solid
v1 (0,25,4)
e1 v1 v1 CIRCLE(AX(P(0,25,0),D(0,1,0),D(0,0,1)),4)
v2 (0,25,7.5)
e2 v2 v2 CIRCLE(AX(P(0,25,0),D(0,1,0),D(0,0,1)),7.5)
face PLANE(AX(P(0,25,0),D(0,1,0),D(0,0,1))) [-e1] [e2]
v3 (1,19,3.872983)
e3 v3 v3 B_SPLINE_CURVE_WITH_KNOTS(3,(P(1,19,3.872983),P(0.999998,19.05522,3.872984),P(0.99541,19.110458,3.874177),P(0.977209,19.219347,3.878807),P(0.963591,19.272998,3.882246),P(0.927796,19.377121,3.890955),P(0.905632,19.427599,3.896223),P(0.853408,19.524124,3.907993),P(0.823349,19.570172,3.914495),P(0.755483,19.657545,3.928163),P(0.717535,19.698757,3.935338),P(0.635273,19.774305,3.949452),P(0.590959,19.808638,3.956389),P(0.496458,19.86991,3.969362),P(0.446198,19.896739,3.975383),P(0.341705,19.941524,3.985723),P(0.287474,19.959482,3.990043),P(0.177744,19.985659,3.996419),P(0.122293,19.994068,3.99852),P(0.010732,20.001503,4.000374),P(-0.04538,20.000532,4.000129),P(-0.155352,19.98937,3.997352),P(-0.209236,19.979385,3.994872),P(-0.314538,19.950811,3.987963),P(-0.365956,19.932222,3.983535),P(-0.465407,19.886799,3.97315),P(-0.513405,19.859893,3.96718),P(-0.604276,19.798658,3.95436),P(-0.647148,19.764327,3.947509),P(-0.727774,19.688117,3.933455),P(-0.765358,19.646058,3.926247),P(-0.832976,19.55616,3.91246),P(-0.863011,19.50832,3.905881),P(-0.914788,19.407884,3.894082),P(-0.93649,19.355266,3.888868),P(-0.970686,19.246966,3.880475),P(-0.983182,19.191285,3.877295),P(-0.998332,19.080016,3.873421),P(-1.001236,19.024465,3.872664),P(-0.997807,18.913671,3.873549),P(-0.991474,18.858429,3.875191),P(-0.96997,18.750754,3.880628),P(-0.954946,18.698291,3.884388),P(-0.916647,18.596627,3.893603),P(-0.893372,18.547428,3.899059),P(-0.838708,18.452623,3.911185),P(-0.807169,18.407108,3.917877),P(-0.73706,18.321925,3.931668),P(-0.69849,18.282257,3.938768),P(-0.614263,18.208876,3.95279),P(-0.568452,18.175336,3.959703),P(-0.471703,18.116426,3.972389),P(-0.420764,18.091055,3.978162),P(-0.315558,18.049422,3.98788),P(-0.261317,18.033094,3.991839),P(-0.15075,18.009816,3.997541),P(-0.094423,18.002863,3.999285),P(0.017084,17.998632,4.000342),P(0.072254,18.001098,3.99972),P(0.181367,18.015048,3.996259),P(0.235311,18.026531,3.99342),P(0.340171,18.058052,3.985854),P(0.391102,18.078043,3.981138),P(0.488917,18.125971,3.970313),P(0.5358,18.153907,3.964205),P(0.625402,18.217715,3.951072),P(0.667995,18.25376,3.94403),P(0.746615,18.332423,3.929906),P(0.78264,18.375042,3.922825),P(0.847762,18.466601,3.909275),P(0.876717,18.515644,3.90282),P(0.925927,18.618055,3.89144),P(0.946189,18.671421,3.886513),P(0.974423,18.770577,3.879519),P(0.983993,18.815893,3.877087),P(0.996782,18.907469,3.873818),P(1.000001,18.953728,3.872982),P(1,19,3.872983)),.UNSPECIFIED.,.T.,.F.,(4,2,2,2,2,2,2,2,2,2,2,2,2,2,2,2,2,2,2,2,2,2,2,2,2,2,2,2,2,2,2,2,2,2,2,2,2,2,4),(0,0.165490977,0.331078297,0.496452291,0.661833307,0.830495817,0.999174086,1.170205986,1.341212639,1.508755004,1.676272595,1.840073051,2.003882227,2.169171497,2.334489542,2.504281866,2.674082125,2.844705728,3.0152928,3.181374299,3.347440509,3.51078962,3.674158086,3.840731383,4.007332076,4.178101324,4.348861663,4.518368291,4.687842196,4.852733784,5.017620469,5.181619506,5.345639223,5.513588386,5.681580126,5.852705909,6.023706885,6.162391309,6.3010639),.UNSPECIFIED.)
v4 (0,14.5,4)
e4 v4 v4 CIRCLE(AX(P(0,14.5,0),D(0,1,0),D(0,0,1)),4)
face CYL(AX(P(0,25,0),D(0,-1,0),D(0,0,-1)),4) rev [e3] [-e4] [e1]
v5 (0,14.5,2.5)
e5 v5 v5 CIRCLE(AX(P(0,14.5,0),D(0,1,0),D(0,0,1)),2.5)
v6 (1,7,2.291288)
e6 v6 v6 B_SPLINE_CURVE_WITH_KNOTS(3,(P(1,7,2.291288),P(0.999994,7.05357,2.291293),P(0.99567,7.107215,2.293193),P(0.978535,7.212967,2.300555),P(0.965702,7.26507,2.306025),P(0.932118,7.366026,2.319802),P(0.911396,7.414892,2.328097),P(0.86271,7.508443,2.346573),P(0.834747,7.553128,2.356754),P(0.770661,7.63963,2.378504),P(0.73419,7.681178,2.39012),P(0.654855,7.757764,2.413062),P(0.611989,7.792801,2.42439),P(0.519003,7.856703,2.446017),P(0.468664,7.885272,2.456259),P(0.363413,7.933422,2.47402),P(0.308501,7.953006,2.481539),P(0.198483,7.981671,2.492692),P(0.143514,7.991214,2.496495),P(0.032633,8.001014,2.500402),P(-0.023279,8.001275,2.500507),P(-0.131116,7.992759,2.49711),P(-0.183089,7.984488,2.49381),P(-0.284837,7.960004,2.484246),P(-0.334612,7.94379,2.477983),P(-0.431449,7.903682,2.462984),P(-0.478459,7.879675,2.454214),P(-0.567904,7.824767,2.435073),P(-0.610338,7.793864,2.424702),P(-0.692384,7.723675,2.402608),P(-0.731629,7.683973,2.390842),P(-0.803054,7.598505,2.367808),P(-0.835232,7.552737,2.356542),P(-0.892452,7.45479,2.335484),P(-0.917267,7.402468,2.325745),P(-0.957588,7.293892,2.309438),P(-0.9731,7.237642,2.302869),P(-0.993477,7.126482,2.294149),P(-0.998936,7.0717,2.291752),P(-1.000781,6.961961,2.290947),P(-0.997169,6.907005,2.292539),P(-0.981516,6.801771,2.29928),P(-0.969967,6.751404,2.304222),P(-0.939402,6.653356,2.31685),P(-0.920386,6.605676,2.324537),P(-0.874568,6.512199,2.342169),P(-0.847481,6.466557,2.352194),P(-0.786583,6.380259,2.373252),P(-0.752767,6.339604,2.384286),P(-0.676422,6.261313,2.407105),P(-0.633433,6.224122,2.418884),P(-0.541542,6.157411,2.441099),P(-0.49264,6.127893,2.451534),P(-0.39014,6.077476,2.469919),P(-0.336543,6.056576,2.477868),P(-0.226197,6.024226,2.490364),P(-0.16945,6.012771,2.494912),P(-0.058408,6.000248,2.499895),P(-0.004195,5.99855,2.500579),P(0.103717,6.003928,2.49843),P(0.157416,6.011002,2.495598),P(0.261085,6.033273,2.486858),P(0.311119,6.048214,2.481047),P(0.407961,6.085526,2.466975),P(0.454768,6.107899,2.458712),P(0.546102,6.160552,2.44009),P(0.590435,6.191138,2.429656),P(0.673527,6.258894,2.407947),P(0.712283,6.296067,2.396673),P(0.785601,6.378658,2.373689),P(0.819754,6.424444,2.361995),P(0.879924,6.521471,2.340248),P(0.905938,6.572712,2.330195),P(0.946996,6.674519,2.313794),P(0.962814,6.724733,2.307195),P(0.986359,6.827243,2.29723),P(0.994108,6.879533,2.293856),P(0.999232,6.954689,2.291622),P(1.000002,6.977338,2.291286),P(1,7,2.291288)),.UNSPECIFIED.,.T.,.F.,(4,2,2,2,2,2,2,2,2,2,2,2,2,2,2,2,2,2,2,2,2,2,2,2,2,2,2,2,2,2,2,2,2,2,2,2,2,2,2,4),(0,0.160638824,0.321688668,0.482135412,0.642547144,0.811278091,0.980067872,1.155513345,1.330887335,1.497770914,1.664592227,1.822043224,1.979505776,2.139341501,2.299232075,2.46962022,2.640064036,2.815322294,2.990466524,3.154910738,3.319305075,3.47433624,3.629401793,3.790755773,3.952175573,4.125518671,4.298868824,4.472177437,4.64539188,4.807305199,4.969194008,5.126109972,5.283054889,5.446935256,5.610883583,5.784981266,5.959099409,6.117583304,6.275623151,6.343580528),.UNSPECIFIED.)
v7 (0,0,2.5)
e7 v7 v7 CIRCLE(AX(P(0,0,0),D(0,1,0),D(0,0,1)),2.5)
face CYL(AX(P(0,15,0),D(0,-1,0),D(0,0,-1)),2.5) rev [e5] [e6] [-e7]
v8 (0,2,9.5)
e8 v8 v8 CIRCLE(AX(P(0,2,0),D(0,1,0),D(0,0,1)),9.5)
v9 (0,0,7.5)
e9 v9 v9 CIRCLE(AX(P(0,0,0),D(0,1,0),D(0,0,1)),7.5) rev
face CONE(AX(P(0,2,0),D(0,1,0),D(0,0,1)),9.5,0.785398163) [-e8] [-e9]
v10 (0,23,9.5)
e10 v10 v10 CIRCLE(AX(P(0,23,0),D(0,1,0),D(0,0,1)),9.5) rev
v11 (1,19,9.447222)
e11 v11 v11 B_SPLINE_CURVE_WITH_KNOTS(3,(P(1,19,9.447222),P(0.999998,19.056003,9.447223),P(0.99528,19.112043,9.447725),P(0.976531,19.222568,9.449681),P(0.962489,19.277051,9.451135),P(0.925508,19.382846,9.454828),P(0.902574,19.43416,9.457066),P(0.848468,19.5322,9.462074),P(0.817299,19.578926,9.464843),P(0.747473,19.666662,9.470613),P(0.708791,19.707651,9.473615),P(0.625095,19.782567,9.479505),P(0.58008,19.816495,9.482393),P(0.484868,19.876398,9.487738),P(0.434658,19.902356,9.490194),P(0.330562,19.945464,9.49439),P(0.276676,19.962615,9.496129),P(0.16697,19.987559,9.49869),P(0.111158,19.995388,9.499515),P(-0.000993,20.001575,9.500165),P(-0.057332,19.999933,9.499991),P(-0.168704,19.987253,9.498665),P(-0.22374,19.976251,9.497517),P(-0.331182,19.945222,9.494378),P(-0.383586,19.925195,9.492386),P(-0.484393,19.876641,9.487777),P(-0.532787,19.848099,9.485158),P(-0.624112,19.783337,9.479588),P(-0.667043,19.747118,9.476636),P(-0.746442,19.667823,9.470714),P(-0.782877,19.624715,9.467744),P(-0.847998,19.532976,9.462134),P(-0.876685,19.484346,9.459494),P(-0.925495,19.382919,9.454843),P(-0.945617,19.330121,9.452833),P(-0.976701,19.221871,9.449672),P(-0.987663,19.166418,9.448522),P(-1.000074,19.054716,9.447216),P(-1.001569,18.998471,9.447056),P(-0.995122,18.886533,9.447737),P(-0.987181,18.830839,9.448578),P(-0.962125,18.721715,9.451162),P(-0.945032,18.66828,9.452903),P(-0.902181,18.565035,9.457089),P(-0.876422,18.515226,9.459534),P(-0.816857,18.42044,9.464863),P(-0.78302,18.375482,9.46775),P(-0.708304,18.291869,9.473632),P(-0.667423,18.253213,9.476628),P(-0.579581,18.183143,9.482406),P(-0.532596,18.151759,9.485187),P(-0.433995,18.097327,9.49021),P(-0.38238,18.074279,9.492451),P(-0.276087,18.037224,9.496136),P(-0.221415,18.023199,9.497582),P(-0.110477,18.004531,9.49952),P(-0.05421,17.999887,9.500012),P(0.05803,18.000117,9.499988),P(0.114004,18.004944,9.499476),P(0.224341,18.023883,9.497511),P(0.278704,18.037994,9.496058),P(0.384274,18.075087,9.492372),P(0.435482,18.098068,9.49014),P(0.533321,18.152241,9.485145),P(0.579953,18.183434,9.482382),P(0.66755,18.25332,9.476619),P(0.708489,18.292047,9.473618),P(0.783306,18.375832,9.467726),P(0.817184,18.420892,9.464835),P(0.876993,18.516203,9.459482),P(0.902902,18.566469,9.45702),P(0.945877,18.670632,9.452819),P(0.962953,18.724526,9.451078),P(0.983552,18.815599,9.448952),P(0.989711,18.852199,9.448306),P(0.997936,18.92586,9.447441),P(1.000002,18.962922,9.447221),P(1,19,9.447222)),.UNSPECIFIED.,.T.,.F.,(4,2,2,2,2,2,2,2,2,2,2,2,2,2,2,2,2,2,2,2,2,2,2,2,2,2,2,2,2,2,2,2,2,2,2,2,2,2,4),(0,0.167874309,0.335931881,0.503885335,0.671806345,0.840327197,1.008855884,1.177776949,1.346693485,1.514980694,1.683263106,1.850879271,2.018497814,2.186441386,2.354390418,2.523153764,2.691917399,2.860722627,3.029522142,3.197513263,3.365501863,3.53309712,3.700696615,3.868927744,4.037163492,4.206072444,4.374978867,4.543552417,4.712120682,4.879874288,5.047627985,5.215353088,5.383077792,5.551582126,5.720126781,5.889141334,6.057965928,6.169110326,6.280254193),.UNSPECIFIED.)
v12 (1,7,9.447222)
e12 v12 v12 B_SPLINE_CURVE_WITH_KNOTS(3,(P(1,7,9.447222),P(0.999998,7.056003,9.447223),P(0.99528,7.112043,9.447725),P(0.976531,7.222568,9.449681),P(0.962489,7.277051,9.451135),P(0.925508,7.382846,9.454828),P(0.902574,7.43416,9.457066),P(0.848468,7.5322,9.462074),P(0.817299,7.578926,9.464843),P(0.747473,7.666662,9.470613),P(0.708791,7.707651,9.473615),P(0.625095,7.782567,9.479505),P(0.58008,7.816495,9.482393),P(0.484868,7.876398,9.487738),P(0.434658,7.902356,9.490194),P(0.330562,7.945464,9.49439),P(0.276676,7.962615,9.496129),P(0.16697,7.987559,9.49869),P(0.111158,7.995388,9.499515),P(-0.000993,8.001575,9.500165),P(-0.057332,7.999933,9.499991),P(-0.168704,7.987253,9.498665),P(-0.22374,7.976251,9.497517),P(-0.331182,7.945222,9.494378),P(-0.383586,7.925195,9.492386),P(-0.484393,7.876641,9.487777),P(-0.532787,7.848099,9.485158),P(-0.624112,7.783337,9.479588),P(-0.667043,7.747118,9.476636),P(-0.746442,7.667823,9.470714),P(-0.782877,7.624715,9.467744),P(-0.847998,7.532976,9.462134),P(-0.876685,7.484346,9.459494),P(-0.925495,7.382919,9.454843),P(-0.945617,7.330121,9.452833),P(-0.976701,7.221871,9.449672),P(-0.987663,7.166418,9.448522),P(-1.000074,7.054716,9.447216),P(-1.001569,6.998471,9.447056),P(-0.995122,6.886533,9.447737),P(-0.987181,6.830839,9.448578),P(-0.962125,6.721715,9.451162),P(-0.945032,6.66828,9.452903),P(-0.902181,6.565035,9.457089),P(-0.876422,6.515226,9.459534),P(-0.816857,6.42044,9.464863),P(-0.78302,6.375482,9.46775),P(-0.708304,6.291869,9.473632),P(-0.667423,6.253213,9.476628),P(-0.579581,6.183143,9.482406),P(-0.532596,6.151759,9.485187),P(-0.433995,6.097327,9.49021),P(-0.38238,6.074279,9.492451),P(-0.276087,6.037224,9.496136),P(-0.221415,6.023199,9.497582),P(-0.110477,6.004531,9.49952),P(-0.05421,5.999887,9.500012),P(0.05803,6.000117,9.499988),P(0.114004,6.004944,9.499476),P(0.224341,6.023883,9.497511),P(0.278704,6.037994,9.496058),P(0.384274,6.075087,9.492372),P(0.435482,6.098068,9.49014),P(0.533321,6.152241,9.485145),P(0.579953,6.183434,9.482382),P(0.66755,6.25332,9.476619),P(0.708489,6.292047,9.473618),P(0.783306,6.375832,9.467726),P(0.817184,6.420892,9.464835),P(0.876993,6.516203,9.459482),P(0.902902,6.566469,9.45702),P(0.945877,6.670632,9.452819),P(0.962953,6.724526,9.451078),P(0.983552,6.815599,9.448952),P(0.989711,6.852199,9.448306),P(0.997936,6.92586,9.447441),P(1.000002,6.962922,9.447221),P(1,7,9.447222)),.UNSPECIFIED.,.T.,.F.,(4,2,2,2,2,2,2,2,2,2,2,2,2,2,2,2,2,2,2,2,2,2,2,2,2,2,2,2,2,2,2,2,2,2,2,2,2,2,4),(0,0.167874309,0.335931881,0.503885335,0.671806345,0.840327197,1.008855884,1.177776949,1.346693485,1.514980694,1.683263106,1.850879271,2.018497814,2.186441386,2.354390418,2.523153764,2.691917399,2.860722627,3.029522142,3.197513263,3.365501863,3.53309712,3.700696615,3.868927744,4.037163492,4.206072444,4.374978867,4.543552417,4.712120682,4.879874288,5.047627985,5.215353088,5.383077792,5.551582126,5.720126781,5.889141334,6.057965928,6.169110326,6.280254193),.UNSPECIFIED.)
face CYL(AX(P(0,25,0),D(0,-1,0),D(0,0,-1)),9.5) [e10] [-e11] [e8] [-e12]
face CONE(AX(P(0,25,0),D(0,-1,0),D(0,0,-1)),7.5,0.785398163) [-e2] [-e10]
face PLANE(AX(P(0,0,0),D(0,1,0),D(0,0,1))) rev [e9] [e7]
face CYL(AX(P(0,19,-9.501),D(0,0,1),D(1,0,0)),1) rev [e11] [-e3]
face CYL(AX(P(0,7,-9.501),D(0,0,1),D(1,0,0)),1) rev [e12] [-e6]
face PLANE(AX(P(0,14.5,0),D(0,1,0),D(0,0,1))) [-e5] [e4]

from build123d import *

# Parameters (mm, degrees)
SKETCH1_R           = 9.5
BOSS_EXTRUDE1_DEPTH = 25
SKETCH2_R           = 2.5
CUT_EXTRUDE1_DEPTH  = 15
SKETCH3_R           = 4
CUT_EXTRUDE2_DEPTH  = 20.767397401
CHAMFER1_SIZE       = 2
CUT_EXTRUDE3_REACH  = 34.806
SKETCH13_R          = 1


with BuildPart() as part:
    # Sketch1 → Boss-Extrude1 (new body)
    with BuildSketch(Plane(origin=(0, 0, 0), x_dir=(1, 0, 0), z_dir=(0, 1, 0))):
        with Locations(Location((0, 0, 0), (0, 0, 270))):
            Circle(SKETCH1_R)
    extrude(amount=BOSS_EXTRUDE1_DEPTH)

    # Sketch2 → Cut-Extrude1 (cut)
    with BuildSketch(Plane(origin=(0, 0, 0), x_dir=(1, 0, 0), z_dir=(0, 1, 0))):
        with Locations(Location((0, 0, 0), (0, 0, 270))):
            Circle(SKETCH2_R)
    extrude(amount=CUT_EXTRUDE1_DEPTH, mode=Mode.SUBTRACT)

    # Sketch3 → Cut-Extrude2 (cut, through all)
    with BuildSketch(Plane(origin=(0, 14.5, 0), x_dir=(1, 0, 0), z_dir=(0, 1, 0))):
        with Locations(Location((0, 0, 0), (0, 0, 90))):
            Circle(SKETCH3_R)
    extrude(amount=CUT_EXTRUDE2_DEPTH, mode=Mode.SUBTRACT)

    # Chamfer1
    chamfer1_edges = [part.edges().sort_by_distance(p)[0] for p in [
        (0, 0, -9.5),
        (0, 25, -9.5),
    ]]
    chamfer(chamfer1_edges, length=CHAMFER1_SIZE)

    # Sketch13 → Cut-Extrude3 (cut, up to next)
    with BuildSketch(Plane.XY.offset(9.5), mode=Mode.PRIVATE) as cut_extrude3_sk1:
        with Locations((0, 19)):
            Circle(SKETCH13_R)
    cut_extrude3_tool1 = extrude(cut_extrude3_sk1.sketch, amount=-CUT_EXTRUDE3_REACH, mode=Mode.PRIVATE) & part.part
    # Sketch13 → Cut-Extrude3 (cut, up to next)
    with BuildSketch(Plane.XY.offset(9.5), mode=Mode.PRIVATE) as cut_extrude3_sk2:
        with Locations((0, 7)):
            Circle(SKETCH13_R)
    cut_extrude3_tool2 = extrude(cut_extrude3_sk2.sketch, amount=-CUT_EXTRUDE3_REACH, mode=Mode.PRIVATE) & part.part
    add(cut_extrude3_tool1.solids().sort_by_distance((0, 19, 9.5))[0], mode=Mode.SUBTRACT)
    add(cut_extrude3_tool2.solids().sort_by_distance((0, 7, 9.5))[0], mode=Mode.SUBTRACT)


solid = part.part
